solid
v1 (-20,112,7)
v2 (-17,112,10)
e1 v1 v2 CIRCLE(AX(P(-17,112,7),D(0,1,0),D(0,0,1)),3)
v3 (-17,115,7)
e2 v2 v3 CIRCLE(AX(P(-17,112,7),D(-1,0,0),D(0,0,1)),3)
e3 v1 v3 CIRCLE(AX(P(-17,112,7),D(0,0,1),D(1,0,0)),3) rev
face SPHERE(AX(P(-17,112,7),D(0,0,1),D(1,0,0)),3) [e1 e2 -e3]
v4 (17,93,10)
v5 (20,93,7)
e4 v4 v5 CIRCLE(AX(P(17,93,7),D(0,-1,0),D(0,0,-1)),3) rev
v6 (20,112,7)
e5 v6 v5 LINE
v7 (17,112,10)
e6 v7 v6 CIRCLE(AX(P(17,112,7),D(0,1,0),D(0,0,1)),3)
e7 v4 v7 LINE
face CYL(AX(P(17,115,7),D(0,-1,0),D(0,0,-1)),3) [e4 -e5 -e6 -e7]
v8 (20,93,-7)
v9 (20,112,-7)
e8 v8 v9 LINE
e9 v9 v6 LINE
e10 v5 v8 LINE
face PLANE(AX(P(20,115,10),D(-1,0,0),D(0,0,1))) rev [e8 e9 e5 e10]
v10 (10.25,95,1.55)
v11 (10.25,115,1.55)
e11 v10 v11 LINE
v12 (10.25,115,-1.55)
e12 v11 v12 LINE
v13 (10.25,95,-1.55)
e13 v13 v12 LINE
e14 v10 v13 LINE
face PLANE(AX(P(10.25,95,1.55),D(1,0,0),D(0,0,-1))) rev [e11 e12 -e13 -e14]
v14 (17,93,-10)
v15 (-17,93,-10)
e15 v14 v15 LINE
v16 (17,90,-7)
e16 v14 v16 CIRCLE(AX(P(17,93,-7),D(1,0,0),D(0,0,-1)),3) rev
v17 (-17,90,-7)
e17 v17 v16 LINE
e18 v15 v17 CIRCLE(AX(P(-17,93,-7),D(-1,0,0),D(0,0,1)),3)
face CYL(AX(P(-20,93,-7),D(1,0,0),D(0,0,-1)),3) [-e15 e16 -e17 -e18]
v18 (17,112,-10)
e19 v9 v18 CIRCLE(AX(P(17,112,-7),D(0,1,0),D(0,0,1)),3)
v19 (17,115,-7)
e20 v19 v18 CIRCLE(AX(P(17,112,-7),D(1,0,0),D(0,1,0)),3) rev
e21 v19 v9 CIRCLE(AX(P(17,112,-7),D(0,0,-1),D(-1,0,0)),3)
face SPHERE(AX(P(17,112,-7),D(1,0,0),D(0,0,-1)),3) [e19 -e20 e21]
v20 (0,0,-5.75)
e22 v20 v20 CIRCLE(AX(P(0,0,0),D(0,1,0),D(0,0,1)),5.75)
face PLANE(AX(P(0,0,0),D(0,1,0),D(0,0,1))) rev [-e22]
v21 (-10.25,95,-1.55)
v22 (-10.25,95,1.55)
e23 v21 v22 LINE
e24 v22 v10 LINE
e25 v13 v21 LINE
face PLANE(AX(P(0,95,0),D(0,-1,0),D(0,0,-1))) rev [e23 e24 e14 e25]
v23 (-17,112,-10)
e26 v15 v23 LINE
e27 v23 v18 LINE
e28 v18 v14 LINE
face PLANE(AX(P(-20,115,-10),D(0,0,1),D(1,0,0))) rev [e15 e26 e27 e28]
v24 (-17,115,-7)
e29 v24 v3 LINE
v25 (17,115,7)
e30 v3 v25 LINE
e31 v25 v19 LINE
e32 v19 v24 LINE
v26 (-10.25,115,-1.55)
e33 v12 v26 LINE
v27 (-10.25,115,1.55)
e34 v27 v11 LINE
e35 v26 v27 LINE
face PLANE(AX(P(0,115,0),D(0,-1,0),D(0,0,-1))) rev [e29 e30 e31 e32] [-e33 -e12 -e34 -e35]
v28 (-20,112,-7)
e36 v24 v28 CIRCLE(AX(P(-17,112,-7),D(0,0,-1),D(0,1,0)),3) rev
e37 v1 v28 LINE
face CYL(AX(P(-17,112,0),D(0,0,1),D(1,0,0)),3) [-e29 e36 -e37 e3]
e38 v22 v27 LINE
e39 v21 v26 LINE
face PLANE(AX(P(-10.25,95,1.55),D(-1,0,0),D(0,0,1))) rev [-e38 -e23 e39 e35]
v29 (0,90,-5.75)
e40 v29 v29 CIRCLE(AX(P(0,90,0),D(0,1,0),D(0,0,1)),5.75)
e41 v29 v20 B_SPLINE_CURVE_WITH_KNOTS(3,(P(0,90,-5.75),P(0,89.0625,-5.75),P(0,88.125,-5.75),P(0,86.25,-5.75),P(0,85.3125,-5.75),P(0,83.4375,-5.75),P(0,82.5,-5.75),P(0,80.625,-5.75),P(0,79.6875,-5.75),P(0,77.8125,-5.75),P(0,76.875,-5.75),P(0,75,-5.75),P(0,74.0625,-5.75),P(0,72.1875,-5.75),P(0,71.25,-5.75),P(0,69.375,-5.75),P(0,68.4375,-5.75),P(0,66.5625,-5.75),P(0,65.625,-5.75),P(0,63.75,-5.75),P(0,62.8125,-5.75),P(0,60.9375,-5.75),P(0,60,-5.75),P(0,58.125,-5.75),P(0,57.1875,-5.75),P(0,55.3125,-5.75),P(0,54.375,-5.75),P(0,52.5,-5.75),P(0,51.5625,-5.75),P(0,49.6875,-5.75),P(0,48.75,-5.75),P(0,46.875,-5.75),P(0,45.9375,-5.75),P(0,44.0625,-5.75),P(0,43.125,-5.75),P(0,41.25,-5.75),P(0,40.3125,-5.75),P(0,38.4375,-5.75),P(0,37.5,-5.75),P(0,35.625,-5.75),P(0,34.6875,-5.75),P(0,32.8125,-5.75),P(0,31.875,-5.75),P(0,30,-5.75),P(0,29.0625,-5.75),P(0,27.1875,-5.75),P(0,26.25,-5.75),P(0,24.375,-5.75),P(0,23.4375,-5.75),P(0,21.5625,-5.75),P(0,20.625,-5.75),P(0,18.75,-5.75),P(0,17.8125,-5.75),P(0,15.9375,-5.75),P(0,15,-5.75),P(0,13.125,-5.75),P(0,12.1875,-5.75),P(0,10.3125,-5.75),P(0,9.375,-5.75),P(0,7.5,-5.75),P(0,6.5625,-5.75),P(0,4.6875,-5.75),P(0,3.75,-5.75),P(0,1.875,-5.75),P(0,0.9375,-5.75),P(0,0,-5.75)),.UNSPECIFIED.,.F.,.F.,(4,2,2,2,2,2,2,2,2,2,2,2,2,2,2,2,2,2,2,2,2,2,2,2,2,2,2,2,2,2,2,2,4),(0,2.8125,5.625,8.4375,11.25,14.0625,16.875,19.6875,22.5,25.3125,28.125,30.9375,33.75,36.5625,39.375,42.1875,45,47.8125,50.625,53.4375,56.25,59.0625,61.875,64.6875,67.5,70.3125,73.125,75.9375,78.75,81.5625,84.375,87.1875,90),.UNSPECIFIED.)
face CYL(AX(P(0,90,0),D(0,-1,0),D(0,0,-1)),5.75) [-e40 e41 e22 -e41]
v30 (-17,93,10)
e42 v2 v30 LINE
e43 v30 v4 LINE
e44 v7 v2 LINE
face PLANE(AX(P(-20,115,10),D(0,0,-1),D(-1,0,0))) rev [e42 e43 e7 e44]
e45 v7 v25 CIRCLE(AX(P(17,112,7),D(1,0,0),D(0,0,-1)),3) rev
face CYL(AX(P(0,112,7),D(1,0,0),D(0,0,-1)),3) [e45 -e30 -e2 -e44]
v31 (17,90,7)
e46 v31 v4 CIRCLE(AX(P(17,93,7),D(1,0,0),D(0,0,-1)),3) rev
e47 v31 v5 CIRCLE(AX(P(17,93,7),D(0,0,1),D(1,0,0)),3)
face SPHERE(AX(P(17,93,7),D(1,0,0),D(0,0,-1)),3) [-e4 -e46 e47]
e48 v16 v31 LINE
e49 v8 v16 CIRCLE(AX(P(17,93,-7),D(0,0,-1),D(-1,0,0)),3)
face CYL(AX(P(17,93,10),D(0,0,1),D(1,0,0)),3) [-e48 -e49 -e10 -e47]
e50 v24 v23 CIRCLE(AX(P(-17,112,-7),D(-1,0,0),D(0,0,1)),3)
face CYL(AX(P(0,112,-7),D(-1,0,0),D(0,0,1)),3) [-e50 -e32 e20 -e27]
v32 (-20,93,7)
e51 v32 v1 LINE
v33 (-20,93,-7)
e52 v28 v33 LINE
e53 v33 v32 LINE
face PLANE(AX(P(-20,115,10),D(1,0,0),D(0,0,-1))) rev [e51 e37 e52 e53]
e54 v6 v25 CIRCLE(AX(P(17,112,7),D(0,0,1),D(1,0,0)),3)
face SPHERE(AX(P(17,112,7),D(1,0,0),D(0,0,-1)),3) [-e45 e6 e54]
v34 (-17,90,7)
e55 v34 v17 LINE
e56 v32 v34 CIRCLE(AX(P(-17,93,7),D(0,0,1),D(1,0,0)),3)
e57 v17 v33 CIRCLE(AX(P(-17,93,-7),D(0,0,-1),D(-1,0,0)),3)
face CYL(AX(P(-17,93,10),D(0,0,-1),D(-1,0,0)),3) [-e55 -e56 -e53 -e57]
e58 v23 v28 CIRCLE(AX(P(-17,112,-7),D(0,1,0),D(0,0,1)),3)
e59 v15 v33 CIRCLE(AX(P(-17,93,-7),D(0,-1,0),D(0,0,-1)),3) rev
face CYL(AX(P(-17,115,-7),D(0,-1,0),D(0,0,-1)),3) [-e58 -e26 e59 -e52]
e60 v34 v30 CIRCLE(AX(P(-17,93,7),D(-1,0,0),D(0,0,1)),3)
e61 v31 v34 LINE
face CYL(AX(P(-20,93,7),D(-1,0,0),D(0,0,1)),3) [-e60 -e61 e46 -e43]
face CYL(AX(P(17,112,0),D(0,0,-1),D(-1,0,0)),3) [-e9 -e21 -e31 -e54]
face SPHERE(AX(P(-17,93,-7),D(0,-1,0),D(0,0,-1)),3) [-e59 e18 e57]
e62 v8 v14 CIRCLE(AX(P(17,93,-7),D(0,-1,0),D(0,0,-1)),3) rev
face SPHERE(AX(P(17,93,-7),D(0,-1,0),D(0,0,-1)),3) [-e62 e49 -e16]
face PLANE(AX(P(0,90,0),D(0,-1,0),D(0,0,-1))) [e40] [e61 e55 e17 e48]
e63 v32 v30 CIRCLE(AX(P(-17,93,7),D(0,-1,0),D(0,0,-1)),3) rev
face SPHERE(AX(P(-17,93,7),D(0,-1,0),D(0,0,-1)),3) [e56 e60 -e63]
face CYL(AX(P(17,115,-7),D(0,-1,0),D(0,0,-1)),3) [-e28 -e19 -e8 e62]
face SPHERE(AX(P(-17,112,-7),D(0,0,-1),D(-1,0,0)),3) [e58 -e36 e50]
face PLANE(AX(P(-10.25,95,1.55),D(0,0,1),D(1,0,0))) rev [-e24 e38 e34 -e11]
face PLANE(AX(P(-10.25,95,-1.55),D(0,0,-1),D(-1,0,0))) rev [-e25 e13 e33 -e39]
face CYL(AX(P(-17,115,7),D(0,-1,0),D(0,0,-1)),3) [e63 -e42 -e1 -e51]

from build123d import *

# Parameters (mm, degrees)
SKETCH_1_R          = 5.75
EXTRUDE_1_DEPTH     = 90
SKETCH_2_W          = 40
SKETCH_2_H          = 20
EXTRUDE_2_DEPTH     = 25
SKETCH_3_W          = 20.5
SKETCH_3_H          = 3.1
CUT_EXTRUDE_1_DEPTH = 20
FILLET_1_R          = 3


with BuildPart() as part:
    # 草图1 → 凸台-拉伸1 (new body)
    with BuildSketch(Plane(origin=(0, 0, 0), x_dir=(1, 0, 0), z_dir=(0, 1, 0))):
        with Locations(Location((0, 0, 0), (0, 0, 90))):
            Circle(SKETCH_1_R)
    extrude(amount=EXTRUDE_1_DEPTH)

    # 草图2 → 凸台-拉伸2 (add)
    with BuildSketch(Plane(origin=(0, 90, 0), x_dir=(1, 0, 0), z_dir=(0, 1, 0))):
        Rectangle(SKETCH_2_W, SKETCH_2_H)
    extrude(amount=EXTRUDE_2_DEPTH)

    # 草图3 → 切除-拉伸1 (cut)
    with BuildSketch(Plane(origin=(0, 115, 0), x_dir=(1, 0, 0), z_dir=(0, 1, 0))):
        Rectangle(SKETCH_3_W, SKETCH_3_H)
    extrude(amount=-CUT_EXTRUDE_1_DEPTH, mode=Mode.SUBTRACT)

    # 圆角1
    fillet_1_edges = [part.edges().sort_by_distance(p)[0] for p in [
        (20, 90, 0),
        (20, 102.5, 10),
        (0, 90, -10),
        (20, 102.5, -10),
        (-20, 90, 0),
        (-20, 102.5, -10),
        (0, 90, 10),
        (-20, 102.5, 10),
        (20, 115, 0),
        (0, 115, -10),
        (-20, 115, 0),
        (0, 115, 10),
    ]]
    fillet(fillet_1_edges, radius=FILLET_1_R)


solid = part.part
